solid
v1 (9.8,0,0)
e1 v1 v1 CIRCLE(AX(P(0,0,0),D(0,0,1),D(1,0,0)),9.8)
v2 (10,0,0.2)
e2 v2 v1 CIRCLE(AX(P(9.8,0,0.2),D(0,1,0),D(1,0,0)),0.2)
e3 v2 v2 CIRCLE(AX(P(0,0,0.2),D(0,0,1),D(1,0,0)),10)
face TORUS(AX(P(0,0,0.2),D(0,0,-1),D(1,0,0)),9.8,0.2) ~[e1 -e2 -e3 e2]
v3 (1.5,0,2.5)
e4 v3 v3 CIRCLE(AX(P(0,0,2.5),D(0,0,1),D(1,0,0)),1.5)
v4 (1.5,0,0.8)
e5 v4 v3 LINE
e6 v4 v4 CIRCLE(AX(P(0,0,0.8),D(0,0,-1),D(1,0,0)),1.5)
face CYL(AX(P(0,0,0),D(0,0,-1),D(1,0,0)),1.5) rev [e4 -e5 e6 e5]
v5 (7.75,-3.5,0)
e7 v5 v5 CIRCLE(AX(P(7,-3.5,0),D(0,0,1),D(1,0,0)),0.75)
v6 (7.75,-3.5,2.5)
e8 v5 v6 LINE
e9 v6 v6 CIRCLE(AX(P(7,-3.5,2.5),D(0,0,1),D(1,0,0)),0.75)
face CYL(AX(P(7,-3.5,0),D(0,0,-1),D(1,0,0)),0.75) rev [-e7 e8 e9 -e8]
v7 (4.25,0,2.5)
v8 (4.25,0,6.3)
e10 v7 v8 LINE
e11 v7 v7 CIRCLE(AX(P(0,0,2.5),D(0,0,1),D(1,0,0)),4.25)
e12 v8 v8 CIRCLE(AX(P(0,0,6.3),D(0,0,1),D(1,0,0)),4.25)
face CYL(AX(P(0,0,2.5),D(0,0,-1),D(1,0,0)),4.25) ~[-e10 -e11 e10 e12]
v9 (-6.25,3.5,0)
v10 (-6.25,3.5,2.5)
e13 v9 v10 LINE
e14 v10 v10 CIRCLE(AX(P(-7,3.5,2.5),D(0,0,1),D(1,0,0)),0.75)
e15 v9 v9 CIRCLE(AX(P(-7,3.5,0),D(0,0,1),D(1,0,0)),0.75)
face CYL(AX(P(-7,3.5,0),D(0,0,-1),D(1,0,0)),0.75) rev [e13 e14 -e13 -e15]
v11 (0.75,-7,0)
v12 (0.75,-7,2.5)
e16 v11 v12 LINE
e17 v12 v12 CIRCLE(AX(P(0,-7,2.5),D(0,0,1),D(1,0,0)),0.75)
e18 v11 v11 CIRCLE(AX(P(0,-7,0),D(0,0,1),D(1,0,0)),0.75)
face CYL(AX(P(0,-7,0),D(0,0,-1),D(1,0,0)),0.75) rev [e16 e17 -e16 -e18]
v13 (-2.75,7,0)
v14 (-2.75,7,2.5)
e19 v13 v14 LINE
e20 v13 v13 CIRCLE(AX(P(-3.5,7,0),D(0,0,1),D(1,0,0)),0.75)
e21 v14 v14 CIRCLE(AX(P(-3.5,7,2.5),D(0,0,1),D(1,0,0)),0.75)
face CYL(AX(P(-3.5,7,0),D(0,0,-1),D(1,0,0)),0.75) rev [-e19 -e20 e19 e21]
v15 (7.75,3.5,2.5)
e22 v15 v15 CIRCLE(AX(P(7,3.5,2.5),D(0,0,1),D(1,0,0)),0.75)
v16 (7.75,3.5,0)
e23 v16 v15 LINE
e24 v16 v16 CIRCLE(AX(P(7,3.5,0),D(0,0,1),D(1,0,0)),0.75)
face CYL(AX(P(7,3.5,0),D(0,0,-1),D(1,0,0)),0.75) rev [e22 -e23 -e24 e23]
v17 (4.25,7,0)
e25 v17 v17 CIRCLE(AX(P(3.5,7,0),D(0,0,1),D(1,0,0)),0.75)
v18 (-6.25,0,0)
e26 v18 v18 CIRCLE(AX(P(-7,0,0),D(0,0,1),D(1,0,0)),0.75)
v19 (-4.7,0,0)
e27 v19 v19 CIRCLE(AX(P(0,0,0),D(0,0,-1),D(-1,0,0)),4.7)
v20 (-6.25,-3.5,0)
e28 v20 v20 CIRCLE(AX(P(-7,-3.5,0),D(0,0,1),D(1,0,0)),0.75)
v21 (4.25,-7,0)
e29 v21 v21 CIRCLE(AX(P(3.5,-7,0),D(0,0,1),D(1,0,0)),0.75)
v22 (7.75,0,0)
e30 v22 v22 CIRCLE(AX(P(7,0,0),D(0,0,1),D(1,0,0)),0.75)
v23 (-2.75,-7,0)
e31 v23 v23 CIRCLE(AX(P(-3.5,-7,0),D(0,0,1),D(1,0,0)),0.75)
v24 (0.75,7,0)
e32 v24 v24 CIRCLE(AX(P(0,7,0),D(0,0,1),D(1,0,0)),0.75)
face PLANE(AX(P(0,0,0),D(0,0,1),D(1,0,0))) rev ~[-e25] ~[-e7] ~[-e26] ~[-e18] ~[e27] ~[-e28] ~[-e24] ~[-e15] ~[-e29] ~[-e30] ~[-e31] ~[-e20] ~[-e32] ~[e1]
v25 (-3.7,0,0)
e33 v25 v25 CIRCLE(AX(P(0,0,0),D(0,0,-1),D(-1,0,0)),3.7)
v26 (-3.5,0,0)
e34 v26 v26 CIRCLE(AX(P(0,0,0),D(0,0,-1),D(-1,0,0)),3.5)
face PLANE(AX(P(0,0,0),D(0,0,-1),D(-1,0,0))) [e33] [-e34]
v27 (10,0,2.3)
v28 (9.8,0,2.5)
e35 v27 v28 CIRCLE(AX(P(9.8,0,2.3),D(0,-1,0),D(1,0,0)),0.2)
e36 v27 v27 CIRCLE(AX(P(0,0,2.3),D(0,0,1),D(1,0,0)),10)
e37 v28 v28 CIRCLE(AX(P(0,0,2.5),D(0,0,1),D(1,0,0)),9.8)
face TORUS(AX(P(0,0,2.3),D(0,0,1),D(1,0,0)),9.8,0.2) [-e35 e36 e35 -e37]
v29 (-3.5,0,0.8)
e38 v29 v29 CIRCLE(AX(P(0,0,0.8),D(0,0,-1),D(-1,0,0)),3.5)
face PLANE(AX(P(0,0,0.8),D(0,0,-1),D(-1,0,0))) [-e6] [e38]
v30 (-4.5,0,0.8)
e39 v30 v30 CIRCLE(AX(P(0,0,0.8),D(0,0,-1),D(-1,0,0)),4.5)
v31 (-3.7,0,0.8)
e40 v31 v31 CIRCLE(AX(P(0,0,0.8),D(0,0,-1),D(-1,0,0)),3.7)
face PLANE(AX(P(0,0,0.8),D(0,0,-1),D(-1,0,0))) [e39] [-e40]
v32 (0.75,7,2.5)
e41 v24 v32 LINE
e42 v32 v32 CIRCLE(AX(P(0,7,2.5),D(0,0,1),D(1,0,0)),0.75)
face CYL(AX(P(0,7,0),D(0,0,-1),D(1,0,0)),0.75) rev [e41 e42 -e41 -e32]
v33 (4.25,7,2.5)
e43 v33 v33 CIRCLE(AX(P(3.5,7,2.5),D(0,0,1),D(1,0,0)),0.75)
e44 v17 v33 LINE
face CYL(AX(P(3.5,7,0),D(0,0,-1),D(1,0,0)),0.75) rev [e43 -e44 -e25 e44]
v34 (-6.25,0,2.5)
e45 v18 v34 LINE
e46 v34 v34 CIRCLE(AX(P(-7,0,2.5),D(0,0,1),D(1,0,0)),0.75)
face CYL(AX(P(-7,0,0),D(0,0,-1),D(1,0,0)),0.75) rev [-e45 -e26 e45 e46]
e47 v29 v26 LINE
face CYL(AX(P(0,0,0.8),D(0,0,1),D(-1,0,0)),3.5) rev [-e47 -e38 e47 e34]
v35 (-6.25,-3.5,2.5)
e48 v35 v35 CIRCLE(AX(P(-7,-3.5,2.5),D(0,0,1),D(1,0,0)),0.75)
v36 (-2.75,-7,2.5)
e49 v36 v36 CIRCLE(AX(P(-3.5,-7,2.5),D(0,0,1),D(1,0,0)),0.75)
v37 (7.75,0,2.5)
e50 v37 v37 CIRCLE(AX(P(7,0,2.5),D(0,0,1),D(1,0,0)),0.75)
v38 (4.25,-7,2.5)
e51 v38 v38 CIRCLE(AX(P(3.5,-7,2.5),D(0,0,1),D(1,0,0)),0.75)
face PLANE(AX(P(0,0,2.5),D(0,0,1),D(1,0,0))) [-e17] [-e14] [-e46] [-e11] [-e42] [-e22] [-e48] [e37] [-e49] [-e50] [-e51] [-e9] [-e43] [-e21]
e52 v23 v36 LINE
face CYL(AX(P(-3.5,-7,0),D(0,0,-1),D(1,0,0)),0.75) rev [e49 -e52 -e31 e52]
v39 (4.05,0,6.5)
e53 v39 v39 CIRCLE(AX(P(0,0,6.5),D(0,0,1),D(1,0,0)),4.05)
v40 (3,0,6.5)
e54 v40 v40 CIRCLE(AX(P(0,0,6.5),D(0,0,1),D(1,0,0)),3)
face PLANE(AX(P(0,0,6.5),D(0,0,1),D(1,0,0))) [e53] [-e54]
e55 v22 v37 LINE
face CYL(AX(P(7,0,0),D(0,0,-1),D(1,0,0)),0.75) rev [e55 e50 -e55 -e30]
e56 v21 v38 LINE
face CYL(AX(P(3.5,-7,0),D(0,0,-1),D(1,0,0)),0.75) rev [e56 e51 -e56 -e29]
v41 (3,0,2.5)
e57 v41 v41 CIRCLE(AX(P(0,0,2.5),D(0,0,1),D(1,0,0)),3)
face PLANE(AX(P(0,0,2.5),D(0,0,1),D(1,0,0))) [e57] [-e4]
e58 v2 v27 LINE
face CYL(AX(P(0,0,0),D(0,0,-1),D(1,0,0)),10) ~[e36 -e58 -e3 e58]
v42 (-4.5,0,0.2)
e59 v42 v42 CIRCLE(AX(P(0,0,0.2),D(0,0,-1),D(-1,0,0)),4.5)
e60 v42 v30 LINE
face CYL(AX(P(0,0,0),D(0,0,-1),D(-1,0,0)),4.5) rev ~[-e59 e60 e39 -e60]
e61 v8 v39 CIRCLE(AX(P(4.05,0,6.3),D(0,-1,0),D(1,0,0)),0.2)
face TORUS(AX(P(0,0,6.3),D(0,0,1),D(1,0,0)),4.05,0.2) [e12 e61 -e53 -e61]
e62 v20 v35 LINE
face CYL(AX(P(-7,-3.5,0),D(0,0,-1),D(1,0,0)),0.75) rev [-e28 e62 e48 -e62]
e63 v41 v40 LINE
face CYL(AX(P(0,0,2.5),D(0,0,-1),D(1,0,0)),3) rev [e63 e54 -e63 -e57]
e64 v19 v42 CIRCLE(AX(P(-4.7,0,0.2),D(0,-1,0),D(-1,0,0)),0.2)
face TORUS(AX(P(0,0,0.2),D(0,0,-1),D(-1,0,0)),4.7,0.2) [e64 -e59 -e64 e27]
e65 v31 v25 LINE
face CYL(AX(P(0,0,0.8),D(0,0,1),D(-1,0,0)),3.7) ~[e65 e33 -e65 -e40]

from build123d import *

# Parameters (mm, degrees)
SKETCH1_R           = 10
SKETCH1_R_2         = 0.75
SKETCH1_R_3         = 1.5
BOSS_EXTRUDE1_DEPTH = 2.5
SKETCH5_R           = 4.25
SKETCH5_R_2         = 3
BOSS_EXTRUDE2_DEPTH = 4
SKETCH6_R           = 4.5
CUT_EXTRUDE1_DEPTH  = 0.8
SKETCH7_R           = 3.7
SKETCH7_R_2         = 3.5
BOSS_EXTRUDE3_DEPTH = 0.8
FILLET1_R           = 0.2


with BuildPart() as part:
    # Sketch1 → Boss-Extrude1 (new body)
    with BuildSketch(Plane.XY):
        Circle(SKETCH1_R)
        with Locations((-7, 0)):
            Circle(SKETCH1_R_2, mode=Mode.SUBTRACT)
        with Locations((3.5, 7)):
            Circle(SKETCH1_R_2, mode=Mode.SUBTRACT)
        with Locations((0, 7)):
            Circle(SKETCH1_R_2, mode=Mode.SUBTRACT)
        with Locations((-3.5, 7)):
            Circle(SKETCH1_R_2, mode=Mode.SUBTRACT)
        with Locations((7, -3.5)):
            Circle(SKETCH1_R_2, mode=Mode.SUBTRACT)
        with Locations((7, 0)):
            Circle(SKETCH1_R_2, mode=Mode.SUBTRACT)
        with Locations((7, 3.5)):
            Circle(SKETCH1_R_2, mode=Mode.SUBTRACT)
        with Locations((-3.5, -7)):
            Circle(SKETCH1_R_2, mode=Mode.SUBTRACT)
        with Locations((0, -7)):
            Circle(SKETCH1_R_2, mode=Mode.SUBTRACT)
        with Locations((3.5, -7)):
            Circle(SKETCH1_R_2, mode=Mode.SUBTRACT)
        with Locations((-7, -3.5)):
            Circle(SKETCH1_R_2, mode=Mode.SUBTRACT)
        with Locations((-7, 3.5)):
            Circle(SKETCH1_R_2, mode=Mode.SUBTRACT)
        Circle(SKETCH1_R_3, mode=Mode.SUBTRACT)
    extrude(amount=BOSS_EXTRUDE1_DEPTH)

    # Sketch5 → Boss-Extrude2 (add)
    with BuildSketch(Plane.XY.offset(2.5)):
        Circle(SKETCH5_R)
        Circle(SKETCH5_R_2, mode=Mode.SUBTRACT)
    extrude(amount=BOSS_EXTRUDE2_DEPTH)

    # Sketch6 → Cut-Extrude1 (cut)
    with BuildSketch(Plane(origin=(0, 0, 0), x_dir=(-1, 0, 0), z_dir=(0, 0, -1))):
        Circle(SKETCH6_R)
    extrude(amount=-CUT_EXTRUDE1_DEPTH, mode=Mode.SUBTRACT)

    # Sketch7 → Boss-Extrude3 (add)
    with BuildSketch(Plane(origin=(0, 0, 0.8), x_dir=(-1, 0, 0), z_dir=(0, 0, -1))):
        Circle(SKETCH7_R)
        Circle(SKETCH7_R_2, mode=Mode.SUBTRACT)
    extrude(amount=BOSS_EXTRUDE3_DEPTH)

    # Fillet1
    fillet1_edges = [part.edges().sort_by_distance(p)[0] for p in [
        (-10, 0, 0),
        (-10, 0, 2.5),
        (-4.25, 0, 6.5),
        (4.5, 0, 0),
    ]]
    fillet(fillet1_edges, radius=FILLET1_R)


solid = part.part
